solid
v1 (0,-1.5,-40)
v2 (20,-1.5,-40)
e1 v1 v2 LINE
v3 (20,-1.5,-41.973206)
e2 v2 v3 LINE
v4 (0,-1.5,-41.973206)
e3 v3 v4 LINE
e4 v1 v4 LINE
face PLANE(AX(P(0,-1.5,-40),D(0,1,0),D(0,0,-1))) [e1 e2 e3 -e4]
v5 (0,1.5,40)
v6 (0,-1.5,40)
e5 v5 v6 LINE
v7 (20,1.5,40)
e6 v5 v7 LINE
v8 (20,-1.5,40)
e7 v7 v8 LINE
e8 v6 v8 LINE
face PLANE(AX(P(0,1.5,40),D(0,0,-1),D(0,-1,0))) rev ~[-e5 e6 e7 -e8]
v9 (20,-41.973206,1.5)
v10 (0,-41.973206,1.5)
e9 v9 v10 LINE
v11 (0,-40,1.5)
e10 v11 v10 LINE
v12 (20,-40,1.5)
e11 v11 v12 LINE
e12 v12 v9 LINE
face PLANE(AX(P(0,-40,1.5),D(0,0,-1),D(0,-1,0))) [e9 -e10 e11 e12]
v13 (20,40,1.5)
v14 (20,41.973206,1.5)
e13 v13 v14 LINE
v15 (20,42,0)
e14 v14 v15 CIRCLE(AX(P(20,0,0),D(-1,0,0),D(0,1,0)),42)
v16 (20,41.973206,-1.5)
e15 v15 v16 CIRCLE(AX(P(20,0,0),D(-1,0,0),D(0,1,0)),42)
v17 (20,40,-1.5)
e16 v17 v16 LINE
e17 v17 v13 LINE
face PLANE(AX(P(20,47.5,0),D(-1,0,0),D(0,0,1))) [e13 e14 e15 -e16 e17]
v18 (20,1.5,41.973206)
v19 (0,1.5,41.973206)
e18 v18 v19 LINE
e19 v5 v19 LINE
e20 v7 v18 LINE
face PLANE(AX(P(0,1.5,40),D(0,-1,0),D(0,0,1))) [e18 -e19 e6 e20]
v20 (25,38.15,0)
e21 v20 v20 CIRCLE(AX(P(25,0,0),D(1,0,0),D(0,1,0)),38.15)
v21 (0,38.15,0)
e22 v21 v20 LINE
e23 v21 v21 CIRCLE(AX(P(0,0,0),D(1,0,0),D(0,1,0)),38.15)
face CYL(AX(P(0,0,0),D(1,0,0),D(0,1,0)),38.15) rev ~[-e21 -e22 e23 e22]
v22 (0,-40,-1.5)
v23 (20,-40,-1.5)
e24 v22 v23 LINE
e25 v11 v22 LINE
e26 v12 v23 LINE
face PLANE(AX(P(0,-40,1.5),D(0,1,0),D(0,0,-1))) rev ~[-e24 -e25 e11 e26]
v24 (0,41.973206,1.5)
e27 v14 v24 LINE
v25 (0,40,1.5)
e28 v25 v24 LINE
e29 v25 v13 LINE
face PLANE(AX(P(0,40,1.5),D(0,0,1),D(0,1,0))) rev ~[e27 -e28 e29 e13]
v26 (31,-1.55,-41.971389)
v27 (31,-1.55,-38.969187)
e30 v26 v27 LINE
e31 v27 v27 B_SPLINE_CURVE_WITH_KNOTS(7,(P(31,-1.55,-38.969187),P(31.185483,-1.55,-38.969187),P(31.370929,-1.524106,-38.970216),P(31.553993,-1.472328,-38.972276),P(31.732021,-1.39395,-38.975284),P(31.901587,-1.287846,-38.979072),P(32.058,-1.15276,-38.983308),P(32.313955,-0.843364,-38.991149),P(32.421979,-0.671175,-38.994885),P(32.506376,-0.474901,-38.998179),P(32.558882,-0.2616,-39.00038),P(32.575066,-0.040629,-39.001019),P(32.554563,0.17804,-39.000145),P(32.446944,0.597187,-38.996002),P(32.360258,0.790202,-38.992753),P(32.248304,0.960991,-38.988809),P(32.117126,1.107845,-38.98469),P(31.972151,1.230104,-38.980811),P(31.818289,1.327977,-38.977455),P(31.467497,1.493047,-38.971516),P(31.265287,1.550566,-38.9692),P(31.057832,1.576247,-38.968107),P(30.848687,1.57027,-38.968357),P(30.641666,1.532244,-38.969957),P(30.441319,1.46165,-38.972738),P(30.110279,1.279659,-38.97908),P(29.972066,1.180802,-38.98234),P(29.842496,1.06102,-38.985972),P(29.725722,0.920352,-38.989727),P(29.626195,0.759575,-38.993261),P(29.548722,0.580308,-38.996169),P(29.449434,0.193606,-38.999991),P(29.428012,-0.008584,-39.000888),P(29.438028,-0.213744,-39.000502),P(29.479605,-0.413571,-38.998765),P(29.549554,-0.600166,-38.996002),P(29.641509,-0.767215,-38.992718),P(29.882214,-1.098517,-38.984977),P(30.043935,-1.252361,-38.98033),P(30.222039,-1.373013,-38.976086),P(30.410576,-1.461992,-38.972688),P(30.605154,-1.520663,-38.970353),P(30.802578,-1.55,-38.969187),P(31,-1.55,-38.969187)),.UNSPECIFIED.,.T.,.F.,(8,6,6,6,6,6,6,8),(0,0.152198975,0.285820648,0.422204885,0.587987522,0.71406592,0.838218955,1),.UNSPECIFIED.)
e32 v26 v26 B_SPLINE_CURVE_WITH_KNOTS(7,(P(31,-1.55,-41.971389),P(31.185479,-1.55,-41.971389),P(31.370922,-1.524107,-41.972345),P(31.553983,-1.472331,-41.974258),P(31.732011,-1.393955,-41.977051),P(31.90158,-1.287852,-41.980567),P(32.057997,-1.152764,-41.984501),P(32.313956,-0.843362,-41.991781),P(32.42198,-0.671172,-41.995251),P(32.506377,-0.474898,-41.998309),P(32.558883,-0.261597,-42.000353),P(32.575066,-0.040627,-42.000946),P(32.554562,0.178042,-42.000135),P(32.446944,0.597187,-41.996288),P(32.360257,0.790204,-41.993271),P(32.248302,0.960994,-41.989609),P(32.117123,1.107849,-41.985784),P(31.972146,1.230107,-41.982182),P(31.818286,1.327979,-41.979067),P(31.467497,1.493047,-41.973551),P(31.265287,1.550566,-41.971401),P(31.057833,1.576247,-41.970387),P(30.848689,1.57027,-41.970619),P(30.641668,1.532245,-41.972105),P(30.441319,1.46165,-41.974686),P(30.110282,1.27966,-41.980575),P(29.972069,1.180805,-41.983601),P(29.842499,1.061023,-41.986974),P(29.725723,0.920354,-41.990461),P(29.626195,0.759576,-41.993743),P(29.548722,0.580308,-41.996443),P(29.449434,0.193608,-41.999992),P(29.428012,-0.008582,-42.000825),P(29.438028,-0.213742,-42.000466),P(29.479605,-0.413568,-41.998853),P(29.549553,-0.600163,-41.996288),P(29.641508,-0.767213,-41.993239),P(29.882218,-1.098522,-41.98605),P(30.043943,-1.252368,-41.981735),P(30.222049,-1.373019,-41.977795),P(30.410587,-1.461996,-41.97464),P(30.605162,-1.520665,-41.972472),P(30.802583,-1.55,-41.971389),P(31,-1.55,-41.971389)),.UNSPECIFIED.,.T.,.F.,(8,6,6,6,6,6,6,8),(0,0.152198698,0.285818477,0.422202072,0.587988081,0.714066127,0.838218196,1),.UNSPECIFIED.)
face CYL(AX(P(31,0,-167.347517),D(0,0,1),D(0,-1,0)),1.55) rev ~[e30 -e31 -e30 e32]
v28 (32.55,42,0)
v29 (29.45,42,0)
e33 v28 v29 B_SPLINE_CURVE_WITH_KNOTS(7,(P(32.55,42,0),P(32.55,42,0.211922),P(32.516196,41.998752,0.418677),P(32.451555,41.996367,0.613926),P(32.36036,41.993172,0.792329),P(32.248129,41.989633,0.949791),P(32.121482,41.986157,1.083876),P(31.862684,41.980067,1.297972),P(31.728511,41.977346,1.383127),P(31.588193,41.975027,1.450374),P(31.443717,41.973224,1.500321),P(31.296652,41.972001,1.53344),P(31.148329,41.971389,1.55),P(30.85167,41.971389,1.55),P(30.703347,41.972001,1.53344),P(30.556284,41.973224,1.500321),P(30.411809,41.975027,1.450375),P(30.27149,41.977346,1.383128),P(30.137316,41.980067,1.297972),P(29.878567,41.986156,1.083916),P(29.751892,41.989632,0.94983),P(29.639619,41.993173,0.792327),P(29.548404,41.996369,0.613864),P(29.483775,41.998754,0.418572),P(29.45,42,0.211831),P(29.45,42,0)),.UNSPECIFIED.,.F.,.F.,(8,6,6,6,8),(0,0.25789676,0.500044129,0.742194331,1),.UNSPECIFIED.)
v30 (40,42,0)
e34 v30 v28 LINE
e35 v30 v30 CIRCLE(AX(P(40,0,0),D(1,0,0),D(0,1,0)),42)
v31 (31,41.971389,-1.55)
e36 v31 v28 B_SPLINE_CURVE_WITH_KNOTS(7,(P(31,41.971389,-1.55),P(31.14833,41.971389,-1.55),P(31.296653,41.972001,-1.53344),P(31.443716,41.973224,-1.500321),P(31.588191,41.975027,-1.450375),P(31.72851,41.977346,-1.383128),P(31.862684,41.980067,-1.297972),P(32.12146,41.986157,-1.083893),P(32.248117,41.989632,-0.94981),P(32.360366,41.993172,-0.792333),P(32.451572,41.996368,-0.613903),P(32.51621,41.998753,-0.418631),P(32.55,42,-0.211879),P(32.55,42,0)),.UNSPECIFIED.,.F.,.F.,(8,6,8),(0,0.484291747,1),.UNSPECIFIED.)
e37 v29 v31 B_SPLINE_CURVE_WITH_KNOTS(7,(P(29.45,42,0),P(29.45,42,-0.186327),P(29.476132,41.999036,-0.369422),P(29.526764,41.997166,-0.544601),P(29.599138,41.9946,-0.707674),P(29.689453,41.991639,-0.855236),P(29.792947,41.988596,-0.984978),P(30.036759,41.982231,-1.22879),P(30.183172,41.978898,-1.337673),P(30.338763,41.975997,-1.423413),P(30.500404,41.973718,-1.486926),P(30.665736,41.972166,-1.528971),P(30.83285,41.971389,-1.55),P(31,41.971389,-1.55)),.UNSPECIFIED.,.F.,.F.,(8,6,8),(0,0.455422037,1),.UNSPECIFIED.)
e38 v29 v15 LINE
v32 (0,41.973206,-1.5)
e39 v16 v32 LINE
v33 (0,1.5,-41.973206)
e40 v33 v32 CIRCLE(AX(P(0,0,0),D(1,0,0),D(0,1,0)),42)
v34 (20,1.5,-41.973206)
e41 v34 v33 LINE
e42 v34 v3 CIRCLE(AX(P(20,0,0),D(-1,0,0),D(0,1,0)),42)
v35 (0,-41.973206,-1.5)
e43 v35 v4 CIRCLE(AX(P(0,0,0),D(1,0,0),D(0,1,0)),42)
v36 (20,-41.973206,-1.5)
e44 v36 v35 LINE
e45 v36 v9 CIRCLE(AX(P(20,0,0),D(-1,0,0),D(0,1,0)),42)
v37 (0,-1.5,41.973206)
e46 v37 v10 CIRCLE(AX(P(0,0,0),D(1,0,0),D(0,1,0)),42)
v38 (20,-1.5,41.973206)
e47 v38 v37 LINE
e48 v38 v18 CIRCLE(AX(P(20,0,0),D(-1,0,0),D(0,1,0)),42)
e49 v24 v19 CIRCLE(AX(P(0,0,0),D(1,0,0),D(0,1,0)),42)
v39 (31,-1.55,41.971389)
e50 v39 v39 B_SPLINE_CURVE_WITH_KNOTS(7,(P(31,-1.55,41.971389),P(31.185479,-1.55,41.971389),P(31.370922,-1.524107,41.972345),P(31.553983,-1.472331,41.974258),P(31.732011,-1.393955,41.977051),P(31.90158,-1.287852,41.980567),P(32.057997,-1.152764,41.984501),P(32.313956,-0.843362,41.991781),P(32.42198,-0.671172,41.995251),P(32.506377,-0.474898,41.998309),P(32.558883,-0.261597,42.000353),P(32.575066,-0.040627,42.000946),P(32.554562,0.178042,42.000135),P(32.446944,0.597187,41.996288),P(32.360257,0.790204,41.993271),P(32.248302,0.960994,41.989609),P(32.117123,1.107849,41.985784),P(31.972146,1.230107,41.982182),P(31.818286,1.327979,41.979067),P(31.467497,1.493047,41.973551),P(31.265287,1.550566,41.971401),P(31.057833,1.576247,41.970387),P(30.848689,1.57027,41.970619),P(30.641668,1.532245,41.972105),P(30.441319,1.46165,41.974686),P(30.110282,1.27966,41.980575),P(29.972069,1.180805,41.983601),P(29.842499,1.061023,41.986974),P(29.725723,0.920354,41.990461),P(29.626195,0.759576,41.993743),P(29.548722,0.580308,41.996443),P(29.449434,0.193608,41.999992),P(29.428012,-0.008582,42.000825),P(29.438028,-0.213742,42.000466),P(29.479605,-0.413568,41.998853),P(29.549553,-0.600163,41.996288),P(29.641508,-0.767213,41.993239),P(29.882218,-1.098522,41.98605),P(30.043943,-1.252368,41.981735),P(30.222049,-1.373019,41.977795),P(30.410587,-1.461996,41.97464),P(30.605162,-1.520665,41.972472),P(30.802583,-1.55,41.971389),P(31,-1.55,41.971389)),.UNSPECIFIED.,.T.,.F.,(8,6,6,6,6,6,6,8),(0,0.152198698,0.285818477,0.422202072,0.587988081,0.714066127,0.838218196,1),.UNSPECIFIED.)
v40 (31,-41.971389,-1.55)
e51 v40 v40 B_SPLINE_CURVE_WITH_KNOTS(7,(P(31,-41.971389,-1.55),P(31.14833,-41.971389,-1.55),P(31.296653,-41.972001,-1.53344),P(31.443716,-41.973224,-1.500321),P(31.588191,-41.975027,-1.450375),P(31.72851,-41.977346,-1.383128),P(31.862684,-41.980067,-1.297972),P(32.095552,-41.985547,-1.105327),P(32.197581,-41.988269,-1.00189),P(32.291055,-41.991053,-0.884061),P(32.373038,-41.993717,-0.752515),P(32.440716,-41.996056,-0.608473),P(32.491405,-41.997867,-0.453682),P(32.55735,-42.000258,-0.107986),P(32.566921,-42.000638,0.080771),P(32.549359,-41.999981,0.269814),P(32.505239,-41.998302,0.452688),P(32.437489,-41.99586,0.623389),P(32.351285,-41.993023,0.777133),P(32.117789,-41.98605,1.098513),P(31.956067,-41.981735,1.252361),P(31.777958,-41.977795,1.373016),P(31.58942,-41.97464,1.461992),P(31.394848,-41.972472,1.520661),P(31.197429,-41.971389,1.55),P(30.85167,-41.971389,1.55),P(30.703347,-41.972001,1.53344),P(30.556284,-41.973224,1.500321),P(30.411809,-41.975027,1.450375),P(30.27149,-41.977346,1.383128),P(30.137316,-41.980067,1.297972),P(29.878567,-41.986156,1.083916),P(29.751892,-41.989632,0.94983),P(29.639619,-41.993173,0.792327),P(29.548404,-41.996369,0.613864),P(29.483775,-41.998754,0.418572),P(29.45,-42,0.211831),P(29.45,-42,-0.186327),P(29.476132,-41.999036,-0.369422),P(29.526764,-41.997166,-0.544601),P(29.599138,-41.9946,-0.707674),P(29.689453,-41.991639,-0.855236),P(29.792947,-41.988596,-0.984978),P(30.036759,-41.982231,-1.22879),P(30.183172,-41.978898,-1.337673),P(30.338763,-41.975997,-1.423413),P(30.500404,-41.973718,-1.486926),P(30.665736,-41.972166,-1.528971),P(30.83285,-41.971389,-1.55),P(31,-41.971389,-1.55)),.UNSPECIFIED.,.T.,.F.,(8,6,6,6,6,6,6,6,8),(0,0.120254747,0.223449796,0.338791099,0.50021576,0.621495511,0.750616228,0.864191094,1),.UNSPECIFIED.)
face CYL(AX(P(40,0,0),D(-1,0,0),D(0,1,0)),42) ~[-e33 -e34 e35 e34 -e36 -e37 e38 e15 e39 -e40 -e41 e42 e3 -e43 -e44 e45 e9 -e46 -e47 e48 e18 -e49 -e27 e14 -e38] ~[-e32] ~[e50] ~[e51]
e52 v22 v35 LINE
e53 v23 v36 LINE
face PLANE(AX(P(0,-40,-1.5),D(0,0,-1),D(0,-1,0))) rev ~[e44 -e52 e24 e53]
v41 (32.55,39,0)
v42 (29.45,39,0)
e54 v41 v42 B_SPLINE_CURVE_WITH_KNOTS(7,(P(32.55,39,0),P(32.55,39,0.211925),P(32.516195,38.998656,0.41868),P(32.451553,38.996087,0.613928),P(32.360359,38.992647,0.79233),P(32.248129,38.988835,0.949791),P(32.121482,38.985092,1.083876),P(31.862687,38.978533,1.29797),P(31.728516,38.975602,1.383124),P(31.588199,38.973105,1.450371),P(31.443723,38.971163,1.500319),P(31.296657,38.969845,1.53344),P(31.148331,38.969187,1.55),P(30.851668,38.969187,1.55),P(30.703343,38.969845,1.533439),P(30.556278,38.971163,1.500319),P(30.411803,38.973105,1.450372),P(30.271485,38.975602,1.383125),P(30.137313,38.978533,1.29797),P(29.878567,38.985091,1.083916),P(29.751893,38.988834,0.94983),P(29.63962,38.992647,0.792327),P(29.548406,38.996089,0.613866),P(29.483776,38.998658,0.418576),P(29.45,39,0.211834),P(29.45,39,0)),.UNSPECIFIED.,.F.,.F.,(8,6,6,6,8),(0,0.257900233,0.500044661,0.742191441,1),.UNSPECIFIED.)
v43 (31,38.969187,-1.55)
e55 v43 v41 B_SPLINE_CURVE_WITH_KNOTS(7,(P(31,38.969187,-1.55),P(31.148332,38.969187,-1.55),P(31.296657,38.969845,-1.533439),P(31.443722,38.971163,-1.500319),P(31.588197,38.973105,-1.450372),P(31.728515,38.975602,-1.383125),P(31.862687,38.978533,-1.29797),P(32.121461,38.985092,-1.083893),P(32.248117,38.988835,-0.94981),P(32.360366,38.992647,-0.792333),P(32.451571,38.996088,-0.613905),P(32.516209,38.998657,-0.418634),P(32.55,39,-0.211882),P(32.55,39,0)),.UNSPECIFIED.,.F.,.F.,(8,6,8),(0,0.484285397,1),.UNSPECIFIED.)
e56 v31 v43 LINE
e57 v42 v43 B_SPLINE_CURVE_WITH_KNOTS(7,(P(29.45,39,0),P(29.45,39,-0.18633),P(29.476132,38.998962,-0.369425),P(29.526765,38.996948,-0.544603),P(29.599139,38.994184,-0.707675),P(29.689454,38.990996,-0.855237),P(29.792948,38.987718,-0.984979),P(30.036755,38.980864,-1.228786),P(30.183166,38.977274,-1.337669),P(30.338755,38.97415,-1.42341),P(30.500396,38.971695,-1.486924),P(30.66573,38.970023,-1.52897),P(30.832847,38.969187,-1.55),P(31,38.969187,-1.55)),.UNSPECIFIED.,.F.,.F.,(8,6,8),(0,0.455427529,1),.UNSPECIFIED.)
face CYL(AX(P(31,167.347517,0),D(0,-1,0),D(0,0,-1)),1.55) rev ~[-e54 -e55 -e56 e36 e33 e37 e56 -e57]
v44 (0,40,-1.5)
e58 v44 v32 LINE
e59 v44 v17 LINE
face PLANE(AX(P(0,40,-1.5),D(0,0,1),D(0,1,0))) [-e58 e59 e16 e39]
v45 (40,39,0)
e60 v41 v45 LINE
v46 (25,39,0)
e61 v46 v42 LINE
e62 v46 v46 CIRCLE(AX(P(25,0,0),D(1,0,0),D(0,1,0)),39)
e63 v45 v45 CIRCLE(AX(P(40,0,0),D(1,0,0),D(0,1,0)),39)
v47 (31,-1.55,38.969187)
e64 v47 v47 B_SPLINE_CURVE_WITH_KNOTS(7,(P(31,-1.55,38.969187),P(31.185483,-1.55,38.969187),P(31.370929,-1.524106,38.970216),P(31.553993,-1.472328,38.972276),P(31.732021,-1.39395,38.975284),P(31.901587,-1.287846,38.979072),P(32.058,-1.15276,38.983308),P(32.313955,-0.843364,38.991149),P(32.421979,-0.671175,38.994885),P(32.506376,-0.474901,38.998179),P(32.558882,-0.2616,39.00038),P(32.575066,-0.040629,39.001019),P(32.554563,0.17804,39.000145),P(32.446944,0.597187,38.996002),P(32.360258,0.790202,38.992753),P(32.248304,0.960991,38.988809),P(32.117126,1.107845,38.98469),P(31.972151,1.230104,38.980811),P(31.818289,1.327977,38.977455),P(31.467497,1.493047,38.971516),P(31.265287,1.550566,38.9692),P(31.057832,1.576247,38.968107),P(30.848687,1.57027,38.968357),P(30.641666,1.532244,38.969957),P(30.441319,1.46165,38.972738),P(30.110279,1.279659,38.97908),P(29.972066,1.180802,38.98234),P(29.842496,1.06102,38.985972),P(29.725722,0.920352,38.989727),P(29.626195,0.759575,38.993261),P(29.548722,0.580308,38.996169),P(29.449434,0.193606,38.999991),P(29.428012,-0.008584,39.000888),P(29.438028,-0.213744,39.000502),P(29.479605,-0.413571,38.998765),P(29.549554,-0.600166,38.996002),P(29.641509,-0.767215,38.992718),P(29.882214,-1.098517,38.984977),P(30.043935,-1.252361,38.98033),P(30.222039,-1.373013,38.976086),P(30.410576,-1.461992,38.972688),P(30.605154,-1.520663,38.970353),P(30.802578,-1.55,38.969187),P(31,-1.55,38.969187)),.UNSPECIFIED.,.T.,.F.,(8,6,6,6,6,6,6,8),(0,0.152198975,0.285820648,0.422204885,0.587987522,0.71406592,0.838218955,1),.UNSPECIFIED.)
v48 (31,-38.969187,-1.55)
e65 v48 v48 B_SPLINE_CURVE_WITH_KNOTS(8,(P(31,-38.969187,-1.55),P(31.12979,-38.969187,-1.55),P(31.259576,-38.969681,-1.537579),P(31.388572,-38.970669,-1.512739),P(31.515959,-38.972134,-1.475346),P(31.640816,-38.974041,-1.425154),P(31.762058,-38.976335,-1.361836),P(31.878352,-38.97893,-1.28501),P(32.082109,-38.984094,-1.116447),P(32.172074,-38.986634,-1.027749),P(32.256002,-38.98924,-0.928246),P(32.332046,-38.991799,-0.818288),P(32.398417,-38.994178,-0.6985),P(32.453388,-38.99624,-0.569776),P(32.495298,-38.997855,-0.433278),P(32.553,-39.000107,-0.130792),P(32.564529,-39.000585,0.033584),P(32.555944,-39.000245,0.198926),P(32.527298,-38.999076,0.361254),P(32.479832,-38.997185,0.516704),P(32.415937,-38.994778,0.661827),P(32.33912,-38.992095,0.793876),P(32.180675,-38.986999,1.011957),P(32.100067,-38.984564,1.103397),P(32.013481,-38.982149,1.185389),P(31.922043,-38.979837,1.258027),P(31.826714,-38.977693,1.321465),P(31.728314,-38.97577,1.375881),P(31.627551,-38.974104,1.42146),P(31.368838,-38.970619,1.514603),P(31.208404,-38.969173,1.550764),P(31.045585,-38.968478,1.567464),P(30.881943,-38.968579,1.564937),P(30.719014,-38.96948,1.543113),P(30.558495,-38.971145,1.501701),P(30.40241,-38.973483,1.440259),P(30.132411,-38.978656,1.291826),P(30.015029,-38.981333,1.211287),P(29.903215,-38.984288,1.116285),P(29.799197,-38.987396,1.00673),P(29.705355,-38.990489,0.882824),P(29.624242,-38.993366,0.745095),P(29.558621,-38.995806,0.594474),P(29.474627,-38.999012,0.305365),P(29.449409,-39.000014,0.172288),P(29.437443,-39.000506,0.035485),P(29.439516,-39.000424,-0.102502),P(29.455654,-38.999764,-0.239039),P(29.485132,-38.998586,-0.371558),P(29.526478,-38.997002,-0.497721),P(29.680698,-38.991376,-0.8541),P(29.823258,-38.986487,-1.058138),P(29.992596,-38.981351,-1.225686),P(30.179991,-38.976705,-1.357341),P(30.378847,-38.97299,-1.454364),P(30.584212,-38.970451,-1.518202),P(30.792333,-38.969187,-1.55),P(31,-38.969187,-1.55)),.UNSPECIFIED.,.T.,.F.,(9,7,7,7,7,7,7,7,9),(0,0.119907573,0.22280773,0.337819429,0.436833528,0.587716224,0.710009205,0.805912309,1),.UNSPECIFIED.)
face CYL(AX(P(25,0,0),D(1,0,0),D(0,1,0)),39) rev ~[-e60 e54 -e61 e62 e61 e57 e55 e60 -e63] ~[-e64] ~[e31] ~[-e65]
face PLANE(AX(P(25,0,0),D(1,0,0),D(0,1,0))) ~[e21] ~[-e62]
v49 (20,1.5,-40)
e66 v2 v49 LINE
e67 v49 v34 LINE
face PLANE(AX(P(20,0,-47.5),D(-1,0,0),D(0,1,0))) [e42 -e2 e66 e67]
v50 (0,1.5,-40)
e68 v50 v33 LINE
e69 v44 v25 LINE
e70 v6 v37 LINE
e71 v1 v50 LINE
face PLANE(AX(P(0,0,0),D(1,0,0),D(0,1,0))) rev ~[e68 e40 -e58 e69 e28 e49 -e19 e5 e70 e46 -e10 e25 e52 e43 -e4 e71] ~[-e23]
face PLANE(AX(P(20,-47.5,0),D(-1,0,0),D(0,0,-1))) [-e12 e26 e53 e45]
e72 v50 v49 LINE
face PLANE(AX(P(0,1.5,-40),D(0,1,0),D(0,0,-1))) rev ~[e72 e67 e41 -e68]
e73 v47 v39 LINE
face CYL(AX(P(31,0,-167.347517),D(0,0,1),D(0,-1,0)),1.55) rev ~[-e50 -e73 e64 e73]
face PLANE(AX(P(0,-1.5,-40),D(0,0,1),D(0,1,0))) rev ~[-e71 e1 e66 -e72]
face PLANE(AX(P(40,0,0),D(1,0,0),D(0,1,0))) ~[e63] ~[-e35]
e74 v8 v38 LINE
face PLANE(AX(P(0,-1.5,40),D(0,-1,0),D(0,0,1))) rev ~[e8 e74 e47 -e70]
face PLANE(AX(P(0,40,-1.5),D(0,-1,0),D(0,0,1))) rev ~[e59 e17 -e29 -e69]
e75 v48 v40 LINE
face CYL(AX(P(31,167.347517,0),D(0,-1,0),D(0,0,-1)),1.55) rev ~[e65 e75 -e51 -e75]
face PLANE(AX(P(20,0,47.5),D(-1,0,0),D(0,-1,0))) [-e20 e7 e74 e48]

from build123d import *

# Parameters (mm, degrees)
D_GAGEMENT_M2_51_D           = 3.1
R_P_TITION_CIRCULAIRE1_COUNT = 2
R_P_TITION_CIRCULAIRE1_ANGLE = 90
ESQUISSE5_W                  = 3
ESQUISSE5_H                  = 15
ENL_V_MAT_EXTRU_1_DEPTH      = 20
R_P_TITION_CIRCULAIRE2_COUNT = 4


with BuildPart() as part:
    # Esquisse1 → Révolution1 (revolve)
    with BuildSketch(Plane.XY):
        Polygon((0, 38.15), (25, 38.15), (25, 39), (40, 39), (40, 42), (0, 42), align=None)
    revolve(axis=Axis((0, 0, 0), (1, 0, 0)))

    # Dégagement M2.51 (through all)
    with Locations(Plane(origin=(31, 42, 0), x_dir=(0, 0, 1), z_dir=(0, 1, 0))):
        with Locations((0, 0)):
            d_gagement_m2_51 = Hole(D_GAGEMENT_M2_51_D / 2)

    # Répétition circulaire1: Dégagement M2.51 ×2 about axis
    r_p_tition_circulaire1_axis = Axis((40, 0, 0), (-1, 0, 0))
    for i in range(1, R_P_TITION_CIRCULAIRE1_COUNT):
        add(d_gagement_m2_51.rotate(r_p_tition_circulaire1_axis, i * R_P_TITION_CIRCULAIRE1_ANGLE / (R_P_TITION_CIRCULAIRE1_COUNT - 1)), mode=Mode.SUBTRACT)

    # Esquisse5 → Enlèv. mat.-Extru.1 (cut)
    with BuildSketch(Plane.ZY):
        with Locations((0, 47.5)):
            Rectangle(ESQUISSE5_W, ESQUISSE5_H)
    enl_v_mat_extru_1 = extrude(amount=-ENL_V_MAT_EXTRU_1_DEPTH, mode=Mode.SUBTRACT)

    # Répétition circulaire2: Enlèv. mat.-Extru.1 ×4 about axis
    r_p_tition_circulaire2_axis = Axis((0, 0, 0), (1, 0, 0))
    for i in range(1, R_P_TITION_CIRCULAIRE2_COUNT):
        add(enl_v_mat_extru_1.rotate(r_p_tition_circulaire2_axis, i * 360 / R_P_TITION_CIRCULAIRE2_COUNT), mode=Mode.SUBTRACT)


solid = part.part
